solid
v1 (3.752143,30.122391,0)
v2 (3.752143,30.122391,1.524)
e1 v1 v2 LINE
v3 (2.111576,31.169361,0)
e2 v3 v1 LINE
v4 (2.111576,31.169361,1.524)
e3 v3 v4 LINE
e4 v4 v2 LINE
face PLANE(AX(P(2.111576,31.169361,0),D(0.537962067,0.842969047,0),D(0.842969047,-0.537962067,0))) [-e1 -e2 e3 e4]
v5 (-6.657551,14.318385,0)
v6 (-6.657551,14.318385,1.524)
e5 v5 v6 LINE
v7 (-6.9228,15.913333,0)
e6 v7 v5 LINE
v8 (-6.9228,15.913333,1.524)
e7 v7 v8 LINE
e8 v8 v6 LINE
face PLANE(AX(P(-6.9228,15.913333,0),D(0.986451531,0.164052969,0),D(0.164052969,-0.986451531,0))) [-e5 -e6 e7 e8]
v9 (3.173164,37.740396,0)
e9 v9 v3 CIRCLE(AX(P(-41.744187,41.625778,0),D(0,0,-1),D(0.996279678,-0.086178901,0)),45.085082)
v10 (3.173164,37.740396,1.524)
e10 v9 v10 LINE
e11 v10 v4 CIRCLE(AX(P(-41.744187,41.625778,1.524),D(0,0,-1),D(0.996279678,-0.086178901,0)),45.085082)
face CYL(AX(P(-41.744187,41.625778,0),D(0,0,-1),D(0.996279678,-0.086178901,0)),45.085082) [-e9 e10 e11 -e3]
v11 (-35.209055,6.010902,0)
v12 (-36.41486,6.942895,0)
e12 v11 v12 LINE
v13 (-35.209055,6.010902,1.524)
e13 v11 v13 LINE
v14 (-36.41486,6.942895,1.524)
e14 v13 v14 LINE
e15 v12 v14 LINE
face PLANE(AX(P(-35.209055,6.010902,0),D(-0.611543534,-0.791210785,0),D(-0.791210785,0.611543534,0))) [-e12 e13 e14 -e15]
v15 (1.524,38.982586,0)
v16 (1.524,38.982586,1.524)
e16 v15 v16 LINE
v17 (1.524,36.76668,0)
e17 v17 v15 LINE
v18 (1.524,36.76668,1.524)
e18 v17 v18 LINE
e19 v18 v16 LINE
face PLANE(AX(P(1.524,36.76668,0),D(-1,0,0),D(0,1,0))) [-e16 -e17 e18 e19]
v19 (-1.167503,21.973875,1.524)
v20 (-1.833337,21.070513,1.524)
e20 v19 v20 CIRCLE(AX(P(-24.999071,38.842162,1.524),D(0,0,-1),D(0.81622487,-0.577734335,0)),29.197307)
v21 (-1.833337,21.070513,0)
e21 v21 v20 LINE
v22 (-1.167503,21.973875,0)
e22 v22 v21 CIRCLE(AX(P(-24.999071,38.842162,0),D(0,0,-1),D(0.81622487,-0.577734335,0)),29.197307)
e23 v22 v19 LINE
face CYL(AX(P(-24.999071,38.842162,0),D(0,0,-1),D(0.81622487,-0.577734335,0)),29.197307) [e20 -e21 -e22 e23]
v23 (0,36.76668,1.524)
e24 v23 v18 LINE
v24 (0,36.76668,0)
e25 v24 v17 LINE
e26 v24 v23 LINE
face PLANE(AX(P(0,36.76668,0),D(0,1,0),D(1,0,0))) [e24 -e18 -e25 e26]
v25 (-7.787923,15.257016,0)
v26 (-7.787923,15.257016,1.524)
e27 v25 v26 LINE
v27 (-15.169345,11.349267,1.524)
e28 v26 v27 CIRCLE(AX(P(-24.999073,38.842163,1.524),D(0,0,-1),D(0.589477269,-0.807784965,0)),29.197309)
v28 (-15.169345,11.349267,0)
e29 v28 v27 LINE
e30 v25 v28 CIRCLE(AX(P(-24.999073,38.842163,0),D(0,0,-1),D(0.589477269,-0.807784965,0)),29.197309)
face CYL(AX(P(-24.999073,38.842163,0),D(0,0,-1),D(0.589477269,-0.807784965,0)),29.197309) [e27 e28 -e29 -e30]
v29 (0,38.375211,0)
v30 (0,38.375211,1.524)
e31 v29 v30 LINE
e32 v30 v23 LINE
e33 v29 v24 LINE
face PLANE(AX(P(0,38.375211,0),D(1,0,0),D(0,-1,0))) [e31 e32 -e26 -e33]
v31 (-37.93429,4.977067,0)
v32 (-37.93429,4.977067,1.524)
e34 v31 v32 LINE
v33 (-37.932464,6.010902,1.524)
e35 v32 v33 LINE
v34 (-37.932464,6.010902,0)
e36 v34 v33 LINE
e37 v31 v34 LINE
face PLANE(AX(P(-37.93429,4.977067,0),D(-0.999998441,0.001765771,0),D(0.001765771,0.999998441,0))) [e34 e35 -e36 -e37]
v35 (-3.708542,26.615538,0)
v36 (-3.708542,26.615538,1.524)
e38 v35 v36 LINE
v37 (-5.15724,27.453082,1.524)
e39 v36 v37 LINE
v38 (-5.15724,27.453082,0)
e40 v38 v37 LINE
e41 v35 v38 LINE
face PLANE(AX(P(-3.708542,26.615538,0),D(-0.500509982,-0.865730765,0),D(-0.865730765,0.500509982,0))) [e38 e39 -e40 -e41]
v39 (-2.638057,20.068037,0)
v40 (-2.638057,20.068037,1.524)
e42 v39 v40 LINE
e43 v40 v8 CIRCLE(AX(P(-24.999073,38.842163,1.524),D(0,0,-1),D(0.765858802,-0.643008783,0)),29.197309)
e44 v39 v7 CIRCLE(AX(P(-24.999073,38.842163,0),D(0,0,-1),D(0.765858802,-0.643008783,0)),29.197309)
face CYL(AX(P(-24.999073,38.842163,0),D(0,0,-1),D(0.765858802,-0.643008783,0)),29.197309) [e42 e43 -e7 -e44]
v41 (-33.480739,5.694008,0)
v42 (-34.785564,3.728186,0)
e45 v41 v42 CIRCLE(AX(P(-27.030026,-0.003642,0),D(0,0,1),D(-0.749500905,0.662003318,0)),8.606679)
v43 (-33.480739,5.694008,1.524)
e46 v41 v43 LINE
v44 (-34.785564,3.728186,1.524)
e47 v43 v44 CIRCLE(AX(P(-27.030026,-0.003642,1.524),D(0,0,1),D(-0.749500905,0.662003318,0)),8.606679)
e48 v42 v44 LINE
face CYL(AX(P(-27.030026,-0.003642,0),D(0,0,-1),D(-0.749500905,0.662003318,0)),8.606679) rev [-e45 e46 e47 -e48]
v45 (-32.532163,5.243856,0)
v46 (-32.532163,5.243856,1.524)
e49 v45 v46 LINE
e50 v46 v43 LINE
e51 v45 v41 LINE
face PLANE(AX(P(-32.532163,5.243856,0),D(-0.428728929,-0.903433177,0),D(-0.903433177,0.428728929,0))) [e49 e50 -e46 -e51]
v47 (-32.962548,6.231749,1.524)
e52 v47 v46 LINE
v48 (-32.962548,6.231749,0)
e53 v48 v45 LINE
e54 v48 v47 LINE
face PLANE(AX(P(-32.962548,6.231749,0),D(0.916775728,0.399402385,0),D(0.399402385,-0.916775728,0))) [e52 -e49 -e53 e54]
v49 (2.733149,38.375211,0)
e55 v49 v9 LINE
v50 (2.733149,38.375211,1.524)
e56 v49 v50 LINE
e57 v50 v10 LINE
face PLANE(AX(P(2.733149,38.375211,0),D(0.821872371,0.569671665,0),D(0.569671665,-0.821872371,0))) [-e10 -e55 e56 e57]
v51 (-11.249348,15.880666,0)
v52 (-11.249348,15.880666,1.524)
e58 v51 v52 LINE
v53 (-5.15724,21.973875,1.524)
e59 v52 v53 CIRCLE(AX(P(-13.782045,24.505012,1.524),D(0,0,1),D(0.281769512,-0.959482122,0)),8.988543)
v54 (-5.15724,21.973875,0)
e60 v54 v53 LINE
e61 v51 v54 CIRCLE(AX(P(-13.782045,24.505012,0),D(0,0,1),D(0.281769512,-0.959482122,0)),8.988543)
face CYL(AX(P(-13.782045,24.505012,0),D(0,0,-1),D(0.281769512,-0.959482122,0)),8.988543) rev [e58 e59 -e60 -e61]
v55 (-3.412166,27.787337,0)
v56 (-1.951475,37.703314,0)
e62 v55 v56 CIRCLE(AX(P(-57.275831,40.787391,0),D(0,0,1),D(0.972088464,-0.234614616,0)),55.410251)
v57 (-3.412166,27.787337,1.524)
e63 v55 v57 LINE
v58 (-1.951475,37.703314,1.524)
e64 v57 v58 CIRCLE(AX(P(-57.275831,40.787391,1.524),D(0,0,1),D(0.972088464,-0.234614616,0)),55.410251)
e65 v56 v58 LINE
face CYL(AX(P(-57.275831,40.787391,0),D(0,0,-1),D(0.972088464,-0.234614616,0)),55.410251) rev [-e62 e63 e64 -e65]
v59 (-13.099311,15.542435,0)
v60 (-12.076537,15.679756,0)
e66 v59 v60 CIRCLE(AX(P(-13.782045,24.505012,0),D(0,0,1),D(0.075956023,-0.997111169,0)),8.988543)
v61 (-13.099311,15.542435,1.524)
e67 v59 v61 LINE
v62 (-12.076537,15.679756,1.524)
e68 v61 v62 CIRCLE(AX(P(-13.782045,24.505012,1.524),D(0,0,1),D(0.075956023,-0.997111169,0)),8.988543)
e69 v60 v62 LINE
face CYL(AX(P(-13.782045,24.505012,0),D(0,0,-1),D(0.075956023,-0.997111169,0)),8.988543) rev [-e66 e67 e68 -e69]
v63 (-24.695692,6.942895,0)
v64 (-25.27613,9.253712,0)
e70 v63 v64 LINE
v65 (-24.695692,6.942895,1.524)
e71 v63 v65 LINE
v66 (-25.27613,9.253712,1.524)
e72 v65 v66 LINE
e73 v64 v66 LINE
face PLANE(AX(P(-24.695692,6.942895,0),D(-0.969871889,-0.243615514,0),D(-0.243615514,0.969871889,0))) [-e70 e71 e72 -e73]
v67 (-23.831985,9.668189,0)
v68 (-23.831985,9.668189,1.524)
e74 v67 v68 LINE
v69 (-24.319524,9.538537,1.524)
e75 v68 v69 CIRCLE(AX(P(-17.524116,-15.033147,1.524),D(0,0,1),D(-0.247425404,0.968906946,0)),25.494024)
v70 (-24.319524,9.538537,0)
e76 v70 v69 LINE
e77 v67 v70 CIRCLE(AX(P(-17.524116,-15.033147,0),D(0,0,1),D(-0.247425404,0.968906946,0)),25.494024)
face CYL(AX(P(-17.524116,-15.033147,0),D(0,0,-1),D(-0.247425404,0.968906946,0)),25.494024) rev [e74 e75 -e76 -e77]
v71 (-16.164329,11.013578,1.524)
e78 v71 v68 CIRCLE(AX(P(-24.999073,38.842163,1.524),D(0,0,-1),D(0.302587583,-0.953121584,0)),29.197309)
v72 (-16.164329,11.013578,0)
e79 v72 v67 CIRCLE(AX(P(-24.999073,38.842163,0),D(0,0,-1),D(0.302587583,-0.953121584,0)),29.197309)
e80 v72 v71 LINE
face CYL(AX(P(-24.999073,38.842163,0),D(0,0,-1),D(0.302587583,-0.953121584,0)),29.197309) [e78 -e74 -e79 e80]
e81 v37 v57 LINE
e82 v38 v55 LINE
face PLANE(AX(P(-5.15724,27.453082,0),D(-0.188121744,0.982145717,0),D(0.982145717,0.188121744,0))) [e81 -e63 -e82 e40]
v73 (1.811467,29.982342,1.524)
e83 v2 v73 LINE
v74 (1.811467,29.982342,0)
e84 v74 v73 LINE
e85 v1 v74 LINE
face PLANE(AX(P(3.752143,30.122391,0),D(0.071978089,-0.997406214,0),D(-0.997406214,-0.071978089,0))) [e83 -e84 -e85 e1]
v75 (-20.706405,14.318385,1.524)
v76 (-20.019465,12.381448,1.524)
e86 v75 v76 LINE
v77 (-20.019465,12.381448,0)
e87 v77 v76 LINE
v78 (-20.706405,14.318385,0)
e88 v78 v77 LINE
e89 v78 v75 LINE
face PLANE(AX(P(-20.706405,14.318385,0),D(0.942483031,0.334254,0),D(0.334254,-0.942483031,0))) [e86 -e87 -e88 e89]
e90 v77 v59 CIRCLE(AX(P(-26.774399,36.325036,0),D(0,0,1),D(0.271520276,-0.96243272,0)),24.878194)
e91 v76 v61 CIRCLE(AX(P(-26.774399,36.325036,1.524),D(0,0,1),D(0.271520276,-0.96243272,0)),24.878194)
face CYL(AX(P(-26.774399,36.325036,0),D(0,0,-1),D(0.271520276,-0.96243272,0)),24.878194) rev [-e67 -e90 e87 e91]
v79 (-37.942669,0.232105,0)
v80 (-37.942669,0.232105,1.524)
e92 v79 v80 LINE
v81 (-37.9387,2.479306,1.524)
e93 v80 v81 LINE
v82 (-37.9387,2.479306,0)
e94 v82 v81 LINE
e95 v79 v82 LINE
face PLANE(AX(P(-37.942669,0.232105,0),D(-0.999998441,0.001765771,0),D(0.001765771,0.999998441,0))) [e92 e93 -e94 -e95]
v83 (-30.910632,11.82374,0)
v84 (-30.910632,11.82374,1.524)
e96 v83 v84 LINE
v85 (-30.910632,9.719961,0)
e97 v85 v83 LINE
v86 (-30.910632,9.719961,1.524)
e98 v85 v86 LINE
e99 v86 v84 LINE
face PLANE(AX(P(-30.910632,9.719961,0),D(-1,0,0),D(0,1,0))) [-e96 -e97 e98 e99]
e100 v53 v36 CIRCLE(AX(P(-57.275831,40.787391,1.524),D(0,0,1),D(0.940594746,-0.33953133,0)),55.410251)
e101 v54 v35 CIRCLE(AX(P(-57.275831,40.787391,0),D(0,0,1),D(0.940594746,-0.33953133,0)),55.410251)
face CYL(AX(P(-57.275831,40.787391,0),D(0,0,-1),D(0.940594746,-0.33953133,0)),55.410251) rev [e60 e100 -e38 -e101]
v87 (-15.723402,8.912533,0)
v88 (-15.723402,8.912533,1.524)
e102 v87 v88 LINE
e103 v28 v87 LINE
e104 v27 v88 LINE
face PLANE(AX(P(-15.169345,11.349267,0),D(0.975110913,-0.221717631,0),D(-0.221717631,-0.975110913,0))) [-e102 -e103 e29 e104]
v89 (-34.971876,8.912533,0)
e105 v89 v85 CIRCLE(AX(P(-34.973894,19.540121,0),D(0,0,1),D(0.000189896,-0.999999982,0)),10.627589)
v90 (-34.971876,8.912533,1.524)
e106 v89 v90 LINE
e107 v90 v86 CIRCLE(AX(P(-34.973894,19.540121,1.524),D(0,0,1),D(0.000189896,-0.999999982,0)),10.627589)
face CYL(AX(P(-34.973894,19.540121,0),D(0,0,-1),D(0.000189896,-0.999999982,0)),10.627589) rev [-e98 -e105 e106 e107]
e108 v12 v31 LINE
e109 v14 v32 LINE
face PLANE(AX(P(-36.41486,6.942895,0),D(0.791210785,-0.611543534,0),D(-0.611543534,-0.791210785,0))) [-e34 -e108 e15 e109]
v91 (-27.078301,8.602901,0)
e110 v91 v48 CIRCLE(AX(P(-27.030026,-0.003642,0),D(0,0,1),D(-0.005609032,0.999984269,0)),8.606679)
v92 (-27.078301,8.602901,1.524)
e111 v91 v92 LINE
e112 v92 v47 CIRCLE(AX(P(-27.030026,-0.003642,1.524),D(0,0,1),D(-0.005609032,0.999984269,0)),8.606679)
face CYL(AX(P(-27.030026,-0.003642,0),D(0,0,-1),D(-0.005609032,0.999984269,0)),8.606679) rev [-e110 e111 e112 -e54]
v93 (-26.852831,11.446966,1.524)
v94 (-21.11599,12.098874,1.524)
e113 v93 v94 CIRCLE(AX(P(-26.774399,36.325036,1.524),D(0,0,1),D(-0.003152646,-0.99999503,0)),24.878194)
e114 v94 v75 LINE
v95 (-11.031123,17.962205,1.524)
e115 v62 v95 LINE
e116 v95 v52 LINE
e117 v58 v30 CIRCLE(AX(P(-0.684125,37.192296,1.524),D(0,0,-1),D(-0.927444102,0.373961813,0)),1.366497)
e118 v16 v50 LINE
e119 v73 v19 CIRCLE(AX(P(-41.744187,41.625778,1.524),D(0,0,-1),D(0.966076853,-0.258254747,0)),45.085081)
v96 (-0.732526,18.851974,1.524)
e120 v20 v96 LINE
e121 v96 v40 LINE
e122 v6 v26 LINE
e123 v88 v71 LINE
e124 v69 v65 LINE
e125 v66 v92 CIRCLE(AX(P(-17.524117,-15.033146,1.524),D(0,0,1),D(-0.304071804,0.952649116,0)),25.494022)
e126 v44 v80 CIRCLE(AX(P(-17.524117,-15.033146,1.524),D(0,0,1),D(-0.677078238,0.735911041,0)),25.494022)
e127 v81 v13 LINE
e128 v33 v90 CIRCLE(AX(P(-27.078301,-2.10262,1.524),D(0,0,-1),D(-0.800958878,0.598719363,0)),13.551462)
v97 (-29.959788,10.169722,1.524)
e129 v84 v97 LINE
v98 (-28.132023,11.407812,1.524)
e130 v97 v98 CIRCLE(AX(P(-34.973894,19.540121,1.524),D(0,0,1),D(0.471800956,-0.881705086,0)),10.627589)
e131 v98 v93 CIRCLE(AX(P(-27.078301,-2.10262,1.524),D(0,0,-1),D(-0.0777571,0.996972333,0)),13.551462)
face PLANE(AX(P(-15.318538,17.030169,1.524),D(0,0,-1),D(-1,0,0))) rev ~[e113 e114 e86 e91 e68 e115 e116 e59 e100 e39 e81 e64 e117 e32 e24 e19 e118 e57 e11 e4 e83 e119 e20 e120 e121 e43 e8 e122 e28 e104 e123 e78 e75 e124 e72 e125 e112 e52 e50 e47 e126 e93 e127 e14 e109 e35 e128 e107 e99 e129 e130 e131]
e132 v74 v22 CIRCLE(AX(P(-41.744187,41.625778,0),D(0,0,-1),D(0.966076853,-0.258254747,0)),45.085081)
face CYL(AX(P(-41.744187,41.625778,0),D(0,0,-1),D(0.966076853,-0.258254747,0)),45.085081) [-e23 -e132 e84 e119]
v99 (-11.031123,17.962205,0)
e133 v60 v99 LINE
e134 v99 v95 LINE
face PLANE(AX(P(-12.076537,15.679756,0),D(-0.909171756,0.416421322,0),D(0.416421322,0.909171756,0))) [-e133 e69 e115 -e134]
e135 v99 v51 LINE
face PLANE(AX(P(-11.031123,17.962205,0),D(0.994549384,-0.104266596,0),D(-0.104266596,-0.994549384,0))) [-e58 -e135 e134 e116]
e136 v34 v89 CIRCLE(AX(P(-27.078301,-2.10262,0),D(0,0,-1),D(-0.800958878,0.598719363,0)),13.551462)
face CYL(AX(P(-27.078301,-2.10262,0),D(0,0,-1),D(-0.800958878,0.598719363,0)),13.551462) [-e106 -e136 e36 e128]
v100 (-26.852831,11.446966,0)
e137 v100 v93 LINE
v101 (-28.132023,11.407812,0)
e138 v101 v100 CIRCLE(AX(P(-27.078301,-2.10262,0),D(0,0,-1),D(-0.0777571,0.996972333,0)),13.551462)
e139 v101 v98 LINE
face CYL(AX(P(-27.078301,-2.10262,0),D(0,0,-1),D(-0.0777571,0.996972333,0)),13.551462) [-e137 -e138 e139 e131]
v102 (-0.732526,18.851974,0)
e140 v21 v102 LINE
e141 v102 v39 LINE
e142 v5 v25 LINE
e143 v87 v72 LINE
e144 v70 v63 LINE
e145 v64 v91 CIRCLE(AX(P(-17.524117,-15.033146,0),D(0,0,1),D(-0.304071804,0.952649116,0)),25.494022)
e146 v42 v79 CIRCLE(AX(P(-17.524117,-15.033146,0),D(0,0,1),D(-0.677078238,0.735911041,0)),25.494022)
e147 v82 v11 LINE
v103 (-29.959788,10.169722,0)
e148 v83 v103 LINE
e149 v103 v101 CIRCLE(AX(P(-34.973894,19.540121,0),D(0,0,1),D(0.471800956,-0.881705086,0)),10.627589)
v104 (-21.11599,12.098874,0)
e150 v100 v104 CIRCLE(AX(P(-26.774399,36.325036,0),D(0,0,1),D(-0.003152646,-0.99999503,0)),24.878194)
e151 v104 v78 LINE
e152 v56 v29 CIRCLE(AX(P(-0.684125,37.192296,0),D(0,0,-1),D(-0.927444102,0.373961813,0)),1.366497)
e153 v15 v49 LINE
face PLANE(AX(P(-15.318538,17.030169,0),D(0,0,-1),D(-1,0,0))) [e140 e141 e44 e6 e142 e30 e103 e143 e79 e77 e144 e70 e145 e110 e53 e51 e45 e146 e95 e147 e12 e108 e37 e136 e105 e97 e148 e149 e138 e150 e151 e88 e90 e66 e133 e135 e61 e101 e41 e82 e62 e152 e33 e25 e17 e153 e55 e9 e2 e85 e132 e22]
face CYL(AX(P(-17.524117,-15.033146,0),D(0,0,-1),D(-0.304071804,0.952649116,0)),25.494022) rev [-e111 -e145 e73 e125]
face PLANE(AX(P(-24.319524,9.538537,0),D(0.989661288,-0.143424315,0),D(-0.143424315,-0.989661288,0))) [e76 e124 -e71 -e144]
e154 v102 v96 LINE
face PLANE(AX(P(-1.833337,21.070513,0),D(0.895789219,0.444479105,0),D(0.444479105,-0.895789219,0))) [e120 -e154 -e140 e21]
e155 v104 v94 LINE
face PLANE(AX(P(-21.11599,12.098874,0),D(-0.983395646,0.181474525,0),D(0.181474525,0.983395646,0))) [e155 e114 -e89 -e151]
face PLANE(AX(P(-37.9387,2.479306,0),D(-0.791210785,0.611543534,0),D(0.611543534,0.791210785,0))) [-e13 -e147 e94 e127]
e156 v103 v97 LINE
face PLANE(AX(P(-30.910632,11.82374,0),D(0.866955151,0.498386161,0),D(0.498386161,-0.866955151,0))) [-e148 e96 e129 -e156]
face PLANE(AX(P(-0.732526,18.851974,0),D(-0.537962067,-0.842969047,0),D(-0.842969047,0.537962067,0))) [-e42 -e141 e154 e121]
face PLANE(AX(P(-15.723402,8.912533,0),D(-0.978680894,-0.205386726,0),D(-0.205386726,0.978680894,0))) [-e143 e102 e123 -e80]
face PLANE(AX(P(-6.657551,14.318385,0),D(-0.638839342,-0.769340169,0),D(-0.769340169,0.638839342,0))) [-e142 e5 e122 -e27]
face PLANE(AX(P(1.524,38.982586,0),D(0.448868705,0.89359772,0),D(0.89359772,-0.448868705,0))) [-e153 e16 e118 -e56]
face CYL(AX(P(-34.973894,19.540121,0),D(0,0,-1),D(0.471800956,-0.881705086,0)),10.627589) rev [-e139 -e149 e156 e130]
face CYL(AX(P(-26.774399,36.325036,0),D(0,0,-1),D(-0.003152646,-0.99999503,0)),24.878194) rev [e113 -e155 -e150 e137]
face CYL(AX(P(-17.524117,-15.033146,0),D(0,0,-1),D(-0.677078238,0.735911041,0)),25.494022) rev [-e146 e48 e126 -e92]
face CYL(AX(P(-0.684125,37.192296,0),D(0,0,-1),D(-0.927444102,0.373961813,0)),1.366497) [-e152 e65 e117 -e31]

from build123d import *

# Parameters (mm, degrees)
BOSS_EXTRUDE1_DEPTH = 1.524


with BuildPart() as part:
    # Sketch1 → Boss-Extrude1 (new body)
    with BuildSketch(Plane.XY):
        with BuildLine():
            Line((0, 36.766680051), (1.524, 36.766680051))
            Line((1.524, 36.766680051), (1.524, 38.982585825))
            Line((1.524, 38.982585825), (2.733148625, 38.375210755))
            Line((2.733148625, 38.375210755), (3.173163666, 37.740395602))
            ThreePointArc((3.173163666, 37.740395602), (2.76380149, 34.435260273), (2.111575724, 31.169360935))
            Line((2.111575724, 31.169360935), (3.752142818, 30.122391454))
            Line((3.752142818, 30.122391454), (1.811466825, 29.982342047))
            ThreePointArc((1.811466825, 29.982342047), (0.512131502, 25.907377193), (-1.167502988, 21.973875087))
            ThreePointArc((-1.167502988, 21.973875087), (-1.496079249, 21.518994961), (-1.833336721, 21.070513426))
            Line((-1.833336721, 21.070513426), (-0.732526116, 18.85197433))
            Line((-0.732526116, 18.85197433), (-2.63805659, 20.068036908))
            ThreePointArc((-2.63805659, 20.068036908), (-4.673990558, 17.880915718), (-6.922800397, 15.913333311))
            Line((-6.922800397, 15.913333311), (-6.657550745, 14.318385487))
            Line((-6.657550745, 14.318385487), (-7.787922662, 15.257015862))
            ThreePointArc((-7.787922662, 15.257015862), (-11.338183777, 13.037842353), (-15.16934542, 11.349267359))
            Line((-15.16934542, 11.349267359), (-15.723402455, 8.912532591))
            Line((-15.723402455, 8.912532591), (-16.164329399, 11.013577704))
            ThreePointArc((-16.164329399, 11.013577704), (-19.953116728, 10.084187136), (-23.831985363, 9.668189099))
            ThreePointArc((-23.831985363, 9.668189099), (-24.076075542, 9.604568952), (-24.319524306, 9.538536852))
            Line((-24.319524306, 9.538536852), (-24.695691572, 6.942894819))
            Line((-24.695691572, 6.942894819), (-25.27612991, 9.253711636))
            ThreePointArc((-25.27612991, 9.253711636), (-26.183331796, 8.945243362), (-27.078300937, 8.602901171))
            ThreePointArc((-27.078300937, 8.602901171), (-30.246868295, 7.97926726), (-32.962548086, 6.231748554))
            Line((-32.962548086, 6.231748554), (-32.532162923, 5.243855929))
            Line((-32.532162923, 5.243855929), (-33.480739201, 5.694007752))
            ThreePointArc((-33.480739201, 5.694007752), (-34.200835329, 4.756022574), (-34.785563978, 3.728186482))
            ThreePointArc((-34.785563978, 3.728186482), (-36.445037111, 2.053220727), (-37.942668533, 0.232105276))
            Line((-37.942668533, 0.232105276), (-37.938700484, 2.479305956))
            Line((-37.938700484, 2.479305956), (-35.209054914, 6.010902474))
            Line((-35.209054914, 6.010902474), (-36.41486015, 6.942894819))
            Line((-36.41486015, 6.942894819), (-37.934290003, 4.977067008))
            Line((-37.934290003, 4.977067008), (-37.932464483, 6.010902474))
            ThreePointArc((-37.932464483, 6.010902474), (-36.563778761, 7.575593862), (-34.971875943, 8.912532591))
            ThreePointArc((-34.971875943, 8.912532591), (-32.901550016, 9.116540541), (-30.910632492, 9.719960876))
            Line((-30.910632492, 9.719960876), (-30.910632492, 11.8237405))
            Line((-30.910632492, 11.8237405), (-29.95978759, 10.169722089))
            ThreePointArc((-29.95978759, 10.169722089), (-29.013670421, 10.741179379), (-28.13202331, 11.407812338))
            ThreePointArc((-28.13202331, 11.407812338), (-27.492889702, 11.44249827), (-26.85283117, 11.446965831))
            ThreePointArc((-26.85283117, 11.446965831), (-23.965434713, 11.605929088), (-21.115990345, 12.098873725))
            Line((-21.115990345, 12.098873725), (-20.706404595, 14.318385487))
            Line((-20.706404595, 14.318385487), (-20.019464899, 12.381448288))
            ThreePointArc((-20.019464899, 12.381448288), (-16.437841998, 13.695848714), (-13.099310966, 15.542435195))
            ThreePointArc((-13.099310966, 15.542435195), (-12.585951474, 15.59640554), (-12.076536587, 15.679755638))
            Line((-12.076536587, 15.679755638), (-11.031123121, 17.962204557))
            Line((-11.031123121, 17.962204557), (-11.249347571, 15.880665501))
            ThreePointArc((-11.249347571, 15.880665501), (-7.425610197, 18.149727188), (-5.157240456, 21.973875087))
            ThreePointArc((-5.157240456, 21.973875087), (-4.381951062, 24.278807565), (-3.708542129, 26.615537712))
            Line((-3.708542129, 26.615537712), (-5.157240456, 27.453082135))
            Line((-5.157240456, 27.453082135), (-3.412165634, 27.787336527))
            ThreePointArc((-3.412165634, 27.787336527), (-2.457151359, 32.712229886), (-1.951475295, 37.703313794))
            ThreePointArc((-1.951475295, 37.703313794), (-1.128983902, 38.484354747), (0, 38.375210755))
            Line((0, 38.375210755), (0, 36.766680051))
        make_face()
    extrude(amount=BOSS_EXTRUDE1_DEPTH)


solid = part.part
